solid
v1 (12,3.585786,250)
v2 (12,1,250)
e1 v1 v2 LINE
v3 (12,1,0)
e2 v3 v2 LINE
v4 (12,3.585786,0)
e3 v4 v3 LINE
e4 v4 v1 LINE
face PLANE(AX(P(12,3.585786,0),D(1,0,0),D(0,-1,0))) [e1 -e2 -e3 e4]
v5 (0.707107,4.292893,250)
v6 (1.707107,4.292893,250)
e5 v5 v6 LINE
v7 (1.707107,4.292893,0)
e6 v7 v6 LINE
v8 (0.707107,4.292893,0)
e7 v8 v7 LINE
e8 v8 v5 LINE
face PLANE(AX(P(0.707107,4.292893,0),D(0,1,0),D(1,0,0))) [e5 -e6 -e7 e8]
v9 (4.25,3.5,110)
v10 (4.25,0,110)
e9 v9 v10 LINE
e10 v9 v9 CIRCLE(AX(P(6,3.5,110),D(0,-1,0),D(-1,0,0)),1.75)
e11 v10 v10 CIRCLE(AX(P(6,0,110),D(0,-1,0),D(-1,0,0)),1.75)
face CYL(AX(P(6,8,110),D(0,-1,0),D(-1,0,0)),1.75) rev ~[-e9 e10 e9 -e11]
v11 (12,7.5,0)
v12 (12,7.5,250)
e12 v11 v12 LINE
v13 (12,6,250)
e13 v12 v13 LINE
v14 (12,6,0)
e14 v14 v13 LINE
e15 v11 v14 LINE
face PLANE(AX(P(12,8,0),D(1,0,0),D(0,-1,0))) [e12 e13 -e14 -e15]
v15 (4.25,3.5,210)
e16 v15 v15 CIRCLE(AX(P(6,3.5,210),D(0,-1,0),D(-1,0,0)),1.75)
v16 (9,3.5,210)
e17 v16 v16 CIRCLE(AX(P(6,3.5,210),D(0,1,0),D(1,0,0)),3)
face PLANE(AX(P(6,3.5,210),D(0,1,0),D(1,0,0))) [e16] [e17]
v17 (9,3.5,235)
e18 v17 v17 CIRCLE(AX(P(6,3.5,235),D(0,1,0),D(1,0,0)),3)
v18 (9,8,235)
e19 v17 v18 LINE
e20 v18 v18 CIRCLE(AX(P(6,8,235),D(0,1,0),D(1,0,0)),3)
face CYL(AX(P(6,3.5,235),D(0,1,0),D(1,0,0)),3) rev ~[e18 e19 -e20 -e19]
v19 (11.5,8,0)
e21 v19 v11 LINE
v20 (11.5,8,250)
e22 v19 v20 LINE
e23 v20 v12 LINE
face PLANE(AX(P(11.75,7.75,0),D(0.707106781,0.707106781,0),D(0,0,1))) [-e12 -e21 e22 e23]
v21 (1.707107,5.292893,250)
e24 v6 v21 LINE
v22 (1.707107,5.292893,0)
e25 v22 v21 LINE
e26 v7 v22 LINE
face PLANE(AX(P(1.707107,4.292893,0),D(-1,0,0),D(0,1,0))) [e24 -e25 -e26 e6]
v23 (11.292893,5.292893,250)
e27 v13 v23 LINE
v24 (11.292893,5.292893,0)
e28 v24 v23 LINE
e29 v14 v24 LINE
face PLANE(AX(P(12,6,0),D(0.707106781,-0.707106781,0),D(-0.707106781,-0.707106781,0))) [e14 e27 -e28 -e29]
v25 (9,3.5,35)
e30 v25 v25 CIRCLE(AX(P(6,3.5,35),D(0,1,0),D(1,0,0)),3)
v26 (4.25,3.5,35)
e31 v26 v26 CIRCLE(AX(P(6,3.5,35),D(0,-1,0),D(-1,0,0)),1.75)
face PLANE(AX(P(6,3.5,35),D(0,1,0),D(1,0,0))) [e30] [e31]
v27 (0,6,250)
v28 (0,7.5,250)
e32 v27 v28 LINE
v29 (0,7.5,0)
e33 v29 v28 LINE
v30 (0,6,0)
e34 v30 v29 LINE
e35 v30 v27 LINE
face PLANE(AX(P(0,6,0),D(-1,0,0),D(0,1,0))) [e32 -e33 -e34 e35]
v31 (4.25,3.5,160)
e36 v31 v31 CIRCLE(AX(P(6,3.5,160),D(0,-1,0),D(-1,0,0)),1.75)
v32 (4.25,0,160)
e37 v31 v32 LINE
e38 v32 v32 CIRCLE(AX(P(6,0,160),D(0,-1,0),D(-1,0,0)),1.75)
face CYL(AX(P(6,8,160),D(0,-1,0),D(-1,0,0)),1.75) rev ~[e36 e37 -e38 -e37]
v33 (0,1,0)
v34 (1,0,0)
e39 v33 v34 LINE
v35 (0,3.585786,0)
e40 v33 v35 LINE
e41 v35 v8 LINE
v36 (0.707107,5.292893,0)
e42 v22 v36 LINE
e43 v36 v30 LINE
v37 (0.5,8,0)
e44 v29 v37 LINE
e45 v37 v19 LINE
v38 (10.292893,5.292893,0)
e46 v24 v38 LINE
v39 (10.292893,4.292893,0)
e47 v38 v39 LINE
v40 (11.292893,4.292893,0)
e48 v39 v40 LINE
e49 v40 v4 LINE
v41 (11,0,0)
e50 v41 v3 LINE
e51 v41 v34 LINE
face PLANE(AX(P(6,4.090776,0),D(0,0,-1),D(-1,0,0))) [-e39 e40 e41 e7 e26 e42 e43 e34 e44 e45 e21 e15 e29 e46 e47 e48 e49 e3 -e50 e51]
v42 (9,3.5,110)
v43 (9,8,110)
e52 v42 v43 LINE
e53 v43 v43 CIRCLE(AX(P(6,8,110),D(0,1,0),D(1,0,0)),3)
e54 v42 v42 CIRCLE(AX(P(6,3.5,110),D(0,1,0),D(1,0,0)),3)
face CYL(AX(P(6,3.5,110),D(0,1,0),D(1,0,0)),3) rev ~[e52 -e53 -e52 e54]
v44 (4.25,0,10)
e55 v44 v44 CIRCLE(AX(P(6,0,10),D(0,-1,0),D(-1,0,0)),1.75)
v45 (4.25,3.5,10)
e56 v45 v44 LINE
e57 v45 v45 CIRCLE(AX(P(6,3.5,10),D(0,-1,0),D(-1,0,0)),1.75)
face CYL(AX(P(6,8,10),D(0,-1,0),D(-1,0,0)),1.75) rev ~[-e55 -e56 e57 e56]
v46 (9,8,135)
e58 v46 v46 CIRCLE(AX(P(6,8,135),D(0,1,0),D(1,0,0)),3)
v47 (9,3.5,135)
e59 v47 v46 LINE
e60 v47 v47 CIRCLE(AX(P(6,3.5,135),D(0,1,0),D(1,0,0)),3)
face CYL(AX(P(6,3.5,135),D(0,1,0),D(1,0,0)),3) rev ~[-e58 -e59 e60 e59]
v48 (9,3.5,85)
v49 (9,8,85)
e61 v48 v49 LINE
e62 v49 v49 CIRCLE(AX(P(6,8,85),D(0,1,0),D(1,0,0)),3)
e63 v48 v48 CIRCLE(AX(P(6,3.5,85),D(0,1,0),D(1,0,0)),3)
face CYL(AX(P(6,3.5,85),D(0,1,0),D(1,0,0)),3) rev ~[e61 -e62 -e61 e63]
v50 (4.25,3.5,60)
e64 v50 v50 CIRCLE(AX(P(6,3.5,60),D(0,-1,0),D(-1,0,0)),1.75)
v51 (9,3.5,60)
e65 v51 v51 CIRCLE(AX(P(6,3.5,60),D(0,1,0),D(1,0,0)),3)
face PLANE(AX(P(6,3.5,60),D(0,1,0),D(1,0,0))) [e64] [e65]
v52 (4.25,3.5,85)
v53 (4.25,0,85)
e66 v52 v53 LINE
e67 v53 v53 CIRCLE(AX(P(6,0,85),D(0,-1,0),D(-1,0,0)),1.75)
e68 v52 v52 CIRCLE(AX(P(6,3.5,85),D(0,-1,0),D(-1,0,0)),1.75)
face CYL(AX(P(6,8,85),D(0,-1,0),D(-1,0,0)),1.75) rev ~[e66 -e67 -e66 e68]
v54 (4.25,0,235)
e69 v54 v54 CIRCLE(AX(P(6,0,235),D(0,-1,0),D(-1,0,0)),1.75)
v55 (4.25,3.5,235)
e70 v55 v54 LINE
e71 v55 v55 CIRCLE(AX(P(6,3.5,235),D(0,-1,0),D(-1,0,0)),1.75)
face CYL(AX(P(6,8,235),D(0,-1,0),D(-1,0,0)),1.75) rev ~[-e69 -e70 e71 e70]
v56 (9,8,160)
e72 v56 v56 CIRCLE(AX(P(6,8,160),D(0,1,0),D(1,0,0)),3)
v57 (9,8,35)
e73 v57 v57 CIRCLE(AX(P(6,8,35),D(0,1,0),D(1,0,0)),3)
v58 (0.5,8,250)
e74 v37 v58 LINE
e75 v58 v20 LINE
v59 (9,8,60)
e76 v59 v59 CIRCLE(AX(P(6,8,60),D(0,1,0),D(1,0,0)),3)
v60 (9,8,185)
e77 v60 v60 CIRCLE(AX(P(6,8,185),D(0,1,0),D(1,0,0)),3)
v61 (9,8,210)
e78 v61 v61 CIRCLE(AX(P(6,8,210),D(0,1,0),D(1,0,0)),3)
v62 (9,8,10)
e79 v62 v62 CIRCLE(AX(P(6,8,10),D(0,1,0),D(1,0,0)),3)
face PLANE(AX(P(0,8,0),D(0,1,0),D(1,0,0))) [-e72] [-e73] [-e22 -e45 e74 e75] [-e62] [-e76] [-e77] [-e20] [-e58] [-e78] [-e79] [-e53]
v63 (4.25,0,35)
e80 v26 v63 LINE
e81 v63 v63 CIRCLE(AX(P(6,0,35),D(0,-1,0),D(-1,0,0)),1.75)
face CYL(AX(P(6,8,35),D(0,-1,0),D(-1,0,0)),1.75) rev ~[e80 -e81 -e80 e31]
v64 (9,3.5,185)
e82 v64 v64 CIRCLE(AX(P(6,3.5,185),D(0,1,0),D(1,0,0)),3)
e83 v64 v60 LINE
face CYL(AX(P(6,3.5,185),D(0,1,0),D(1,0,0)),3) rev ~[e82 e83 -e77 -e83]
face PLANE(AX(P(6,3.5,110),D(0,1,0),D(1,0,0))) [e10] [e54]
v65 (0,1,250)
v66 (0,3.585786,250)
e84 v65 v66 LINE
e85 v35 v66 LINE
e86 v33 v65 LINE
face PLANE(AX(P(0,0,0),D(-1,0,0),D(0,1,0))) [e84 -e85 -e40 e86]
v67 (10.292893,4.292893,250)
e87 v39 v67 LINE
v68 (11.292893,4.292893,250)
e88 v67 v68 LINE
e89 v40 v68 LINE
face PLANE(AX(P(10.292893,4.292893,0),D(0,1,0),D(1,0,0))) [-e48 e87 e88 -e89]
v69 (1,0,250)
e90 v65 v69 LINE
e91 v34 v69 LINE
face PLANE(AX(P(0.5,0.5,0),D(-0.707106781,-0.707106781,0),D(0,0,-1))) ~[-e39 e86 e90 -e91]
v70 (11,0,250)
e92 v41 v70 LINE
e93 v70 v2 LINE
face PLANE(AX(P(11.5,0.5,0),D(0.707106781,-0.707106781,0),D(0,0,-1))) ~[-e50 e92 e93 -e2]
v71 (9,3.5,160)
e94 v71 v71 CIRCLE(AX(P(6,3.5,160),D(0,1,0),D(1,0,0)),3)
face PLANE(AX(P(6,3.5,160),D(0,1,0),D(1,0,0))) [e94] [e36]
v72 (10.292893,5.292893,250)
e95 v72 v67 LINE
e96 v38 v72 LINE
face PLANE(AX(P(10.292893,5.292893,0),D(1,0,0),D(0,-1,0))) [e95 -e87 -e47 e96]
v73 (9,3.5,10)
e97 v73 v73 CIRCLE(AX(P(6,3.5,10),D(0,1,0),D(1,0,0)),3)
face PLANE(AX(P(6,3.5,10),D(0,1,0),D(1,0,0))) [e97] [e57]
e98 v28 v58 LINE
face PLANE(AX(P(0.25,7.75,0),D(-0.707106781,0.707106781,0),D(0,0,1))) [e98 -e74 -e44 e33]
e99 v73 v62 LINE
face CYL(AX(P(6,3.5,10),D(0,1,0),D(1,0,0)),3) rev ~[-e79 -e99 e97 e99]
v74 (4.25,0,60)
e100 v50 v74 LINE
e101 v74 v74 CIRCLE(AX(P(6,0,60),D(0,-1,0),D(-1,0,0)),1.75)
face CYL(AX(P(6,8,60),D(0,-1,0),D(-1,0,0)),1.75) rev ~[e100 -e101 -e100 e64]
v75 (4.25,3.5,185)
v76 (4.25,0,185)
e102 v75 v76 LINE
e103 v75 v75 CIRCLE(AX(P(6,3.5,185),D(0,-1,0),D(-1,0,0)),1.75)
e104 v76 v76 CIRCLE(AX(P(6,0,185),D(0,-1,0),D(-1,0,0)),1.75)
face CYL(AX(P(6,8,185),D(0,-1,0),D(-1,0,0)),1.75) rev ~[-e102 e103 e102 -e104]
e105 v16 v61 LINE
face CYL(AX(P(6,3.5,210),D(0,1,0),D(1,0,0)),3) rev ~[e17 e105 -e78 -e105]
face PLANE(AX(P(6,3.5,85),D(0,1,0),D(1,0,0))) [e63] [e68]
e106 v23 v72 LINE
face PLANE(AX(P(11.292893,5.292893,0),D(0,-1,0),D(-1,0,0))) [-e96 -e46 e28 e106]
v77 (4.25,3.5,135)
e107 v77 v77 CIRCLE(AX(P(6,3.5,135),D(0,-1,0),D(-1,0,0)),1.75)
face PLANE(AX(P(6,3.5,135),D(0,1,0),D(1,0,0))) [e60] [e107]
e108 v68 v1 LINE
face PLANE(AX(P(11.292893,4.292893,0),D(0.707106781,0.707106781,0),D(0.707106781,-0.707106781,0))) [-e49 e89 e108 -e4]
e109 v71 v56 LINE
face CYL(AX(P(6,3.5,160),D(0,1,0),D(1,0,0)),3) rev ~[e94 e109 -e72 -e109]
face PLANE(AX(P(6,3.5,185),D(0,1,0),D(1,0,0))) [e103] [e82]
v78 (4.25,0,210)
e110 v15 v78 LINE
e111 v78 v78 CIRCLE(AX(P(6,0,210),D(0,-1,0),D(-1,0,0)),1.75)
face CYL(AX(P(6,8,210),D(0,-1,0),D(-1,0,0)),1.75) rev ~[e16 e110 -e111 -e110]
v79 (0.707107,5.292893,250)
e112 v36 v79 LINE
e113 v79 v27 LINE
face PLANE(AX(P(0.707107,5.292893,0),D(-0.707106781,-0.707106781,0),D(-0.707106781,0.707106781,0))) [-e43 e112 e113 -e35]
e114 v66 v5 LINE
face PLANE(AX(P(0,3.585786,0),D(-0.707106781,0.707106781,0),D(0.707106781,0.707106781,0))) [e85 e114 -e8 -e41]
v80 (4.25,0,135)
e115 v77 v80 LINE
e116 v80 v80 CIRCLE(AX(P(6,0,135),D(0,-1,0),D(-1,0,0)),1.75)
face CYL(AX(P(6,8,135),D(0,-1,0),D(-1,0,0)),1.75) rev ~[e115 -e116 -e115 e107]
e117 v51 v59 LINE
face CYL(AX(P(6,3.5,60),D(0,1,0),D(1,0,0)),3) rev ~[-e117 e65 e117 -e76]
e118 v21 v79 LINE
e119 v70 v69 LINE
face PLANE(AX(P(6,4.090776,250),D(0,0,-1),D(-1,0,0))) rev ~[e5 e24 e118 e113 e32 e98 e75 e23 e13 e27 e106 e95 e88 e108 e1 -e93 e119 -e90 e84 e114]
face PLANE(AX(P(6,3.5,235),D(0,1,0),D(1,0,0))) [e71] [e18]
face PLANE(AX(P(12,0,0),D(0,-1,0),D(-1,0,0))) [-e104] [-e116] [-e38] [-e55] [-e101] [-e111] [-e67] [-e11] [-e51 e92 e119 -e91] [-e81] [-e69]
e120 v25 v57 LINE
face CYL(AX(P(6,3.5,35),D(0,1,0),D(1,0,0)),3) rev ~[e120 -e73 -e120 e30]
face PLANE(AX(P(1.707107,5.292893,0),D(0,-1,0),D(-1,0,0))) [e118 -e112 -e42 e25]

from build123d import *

# Parameters (mm, degrees)
MAIN_EXTRUSION_DEPTH             = 250
MOUNTING_HOLE_MASTER_D           = 3.5
MOUNTING_HOLE_MASTER_DEPTH       = 9.921567416
MOUNTING_HOLE_MASTER_CBORE_D     = 6
MOUNTING_HOLE_MASTER_CBORE_DEPTH = 4.5
MOUNTING_HOLES_PATTERN_COUNT     = 10
MOUNTING_HOLES_PATTERN_PITCH     = 25
RAIL_TOP_CHAMFER_SIZE            = 0.5
RAIL_BOTTOM_CHAMFER_SIZE         = 1


with BuildPart() as part:
    # MainProfile → Main Extrusion (new body)
    with BuildSketch(Plane.XY):
        Polygon((0, 0), (0, 3.585786438), (0.707106781, 4.292893219), (1.707106781, 4.292893219), (1.707106781, 5.292893219), (0.707106781, 5.292893219), (0, 6), (0, 8), (12, 8), (12, 6), (11.292893219, 5.292893219), (10.292893219, 5.292893219), (10.292893219, 4.292893219), (11.292893219, 4.292893219), (12, 3.585786438), (12, 0), align=None)
    extrude(amount=MAIN_EXTRUSION_DEPTH)

    # Mounting Hole Master
    with Locations(Plane(origin=(0, 8, 0), x_dir=(1, 0, 0), z_dir=(0, 1, 0))):
        with Locations((6, -10)):
            mounting_hole_master = CounterBoreHole(MOUNTING_HOLE_MASTER_D / 2, MOUNTING_HOLE_MASTER_CBORE_D / 2, MOUNTING_HOLE_MASTER_CBORE_DEPTH, depth=MOUNTING_HOLE_MASTER_DEPTH)

    # Mounting Holes Pattern: Mounting Hole Master ×10
    with Locations(*[(0, 0, i * MOUNTING_HOLES_PATTERN_PITCH) for i in range(1, MOUNTING_HOLES_PATTERN_COUNT)]):
        add(mounting_hole_master, mode=Mode.SUBTRACT)

    # Rail Top Chamfer
    rail_top_chamfer_edges = [part.edges().sort_by_distance(p)[0] for p in [
        (12, 8, 125),
        (0, 8, 125),
    ]]
    chamfer(rail_top_chamfer_edges, length=RAIL_TOP_CHAMFER_SIZE)

    # Rail Bottom Chamfer
    rail_bottom_chamfer_edges = [part.edges().sort_by_distance(p)[0] for p in [
        (0, 0, 125),
        (12, 0, 125),
    ]]
    chamfer(rail_bottom_chamfer_edges, length=RAIL_BOTTOM_CHAMFER_SIZE)


solid = part.part
